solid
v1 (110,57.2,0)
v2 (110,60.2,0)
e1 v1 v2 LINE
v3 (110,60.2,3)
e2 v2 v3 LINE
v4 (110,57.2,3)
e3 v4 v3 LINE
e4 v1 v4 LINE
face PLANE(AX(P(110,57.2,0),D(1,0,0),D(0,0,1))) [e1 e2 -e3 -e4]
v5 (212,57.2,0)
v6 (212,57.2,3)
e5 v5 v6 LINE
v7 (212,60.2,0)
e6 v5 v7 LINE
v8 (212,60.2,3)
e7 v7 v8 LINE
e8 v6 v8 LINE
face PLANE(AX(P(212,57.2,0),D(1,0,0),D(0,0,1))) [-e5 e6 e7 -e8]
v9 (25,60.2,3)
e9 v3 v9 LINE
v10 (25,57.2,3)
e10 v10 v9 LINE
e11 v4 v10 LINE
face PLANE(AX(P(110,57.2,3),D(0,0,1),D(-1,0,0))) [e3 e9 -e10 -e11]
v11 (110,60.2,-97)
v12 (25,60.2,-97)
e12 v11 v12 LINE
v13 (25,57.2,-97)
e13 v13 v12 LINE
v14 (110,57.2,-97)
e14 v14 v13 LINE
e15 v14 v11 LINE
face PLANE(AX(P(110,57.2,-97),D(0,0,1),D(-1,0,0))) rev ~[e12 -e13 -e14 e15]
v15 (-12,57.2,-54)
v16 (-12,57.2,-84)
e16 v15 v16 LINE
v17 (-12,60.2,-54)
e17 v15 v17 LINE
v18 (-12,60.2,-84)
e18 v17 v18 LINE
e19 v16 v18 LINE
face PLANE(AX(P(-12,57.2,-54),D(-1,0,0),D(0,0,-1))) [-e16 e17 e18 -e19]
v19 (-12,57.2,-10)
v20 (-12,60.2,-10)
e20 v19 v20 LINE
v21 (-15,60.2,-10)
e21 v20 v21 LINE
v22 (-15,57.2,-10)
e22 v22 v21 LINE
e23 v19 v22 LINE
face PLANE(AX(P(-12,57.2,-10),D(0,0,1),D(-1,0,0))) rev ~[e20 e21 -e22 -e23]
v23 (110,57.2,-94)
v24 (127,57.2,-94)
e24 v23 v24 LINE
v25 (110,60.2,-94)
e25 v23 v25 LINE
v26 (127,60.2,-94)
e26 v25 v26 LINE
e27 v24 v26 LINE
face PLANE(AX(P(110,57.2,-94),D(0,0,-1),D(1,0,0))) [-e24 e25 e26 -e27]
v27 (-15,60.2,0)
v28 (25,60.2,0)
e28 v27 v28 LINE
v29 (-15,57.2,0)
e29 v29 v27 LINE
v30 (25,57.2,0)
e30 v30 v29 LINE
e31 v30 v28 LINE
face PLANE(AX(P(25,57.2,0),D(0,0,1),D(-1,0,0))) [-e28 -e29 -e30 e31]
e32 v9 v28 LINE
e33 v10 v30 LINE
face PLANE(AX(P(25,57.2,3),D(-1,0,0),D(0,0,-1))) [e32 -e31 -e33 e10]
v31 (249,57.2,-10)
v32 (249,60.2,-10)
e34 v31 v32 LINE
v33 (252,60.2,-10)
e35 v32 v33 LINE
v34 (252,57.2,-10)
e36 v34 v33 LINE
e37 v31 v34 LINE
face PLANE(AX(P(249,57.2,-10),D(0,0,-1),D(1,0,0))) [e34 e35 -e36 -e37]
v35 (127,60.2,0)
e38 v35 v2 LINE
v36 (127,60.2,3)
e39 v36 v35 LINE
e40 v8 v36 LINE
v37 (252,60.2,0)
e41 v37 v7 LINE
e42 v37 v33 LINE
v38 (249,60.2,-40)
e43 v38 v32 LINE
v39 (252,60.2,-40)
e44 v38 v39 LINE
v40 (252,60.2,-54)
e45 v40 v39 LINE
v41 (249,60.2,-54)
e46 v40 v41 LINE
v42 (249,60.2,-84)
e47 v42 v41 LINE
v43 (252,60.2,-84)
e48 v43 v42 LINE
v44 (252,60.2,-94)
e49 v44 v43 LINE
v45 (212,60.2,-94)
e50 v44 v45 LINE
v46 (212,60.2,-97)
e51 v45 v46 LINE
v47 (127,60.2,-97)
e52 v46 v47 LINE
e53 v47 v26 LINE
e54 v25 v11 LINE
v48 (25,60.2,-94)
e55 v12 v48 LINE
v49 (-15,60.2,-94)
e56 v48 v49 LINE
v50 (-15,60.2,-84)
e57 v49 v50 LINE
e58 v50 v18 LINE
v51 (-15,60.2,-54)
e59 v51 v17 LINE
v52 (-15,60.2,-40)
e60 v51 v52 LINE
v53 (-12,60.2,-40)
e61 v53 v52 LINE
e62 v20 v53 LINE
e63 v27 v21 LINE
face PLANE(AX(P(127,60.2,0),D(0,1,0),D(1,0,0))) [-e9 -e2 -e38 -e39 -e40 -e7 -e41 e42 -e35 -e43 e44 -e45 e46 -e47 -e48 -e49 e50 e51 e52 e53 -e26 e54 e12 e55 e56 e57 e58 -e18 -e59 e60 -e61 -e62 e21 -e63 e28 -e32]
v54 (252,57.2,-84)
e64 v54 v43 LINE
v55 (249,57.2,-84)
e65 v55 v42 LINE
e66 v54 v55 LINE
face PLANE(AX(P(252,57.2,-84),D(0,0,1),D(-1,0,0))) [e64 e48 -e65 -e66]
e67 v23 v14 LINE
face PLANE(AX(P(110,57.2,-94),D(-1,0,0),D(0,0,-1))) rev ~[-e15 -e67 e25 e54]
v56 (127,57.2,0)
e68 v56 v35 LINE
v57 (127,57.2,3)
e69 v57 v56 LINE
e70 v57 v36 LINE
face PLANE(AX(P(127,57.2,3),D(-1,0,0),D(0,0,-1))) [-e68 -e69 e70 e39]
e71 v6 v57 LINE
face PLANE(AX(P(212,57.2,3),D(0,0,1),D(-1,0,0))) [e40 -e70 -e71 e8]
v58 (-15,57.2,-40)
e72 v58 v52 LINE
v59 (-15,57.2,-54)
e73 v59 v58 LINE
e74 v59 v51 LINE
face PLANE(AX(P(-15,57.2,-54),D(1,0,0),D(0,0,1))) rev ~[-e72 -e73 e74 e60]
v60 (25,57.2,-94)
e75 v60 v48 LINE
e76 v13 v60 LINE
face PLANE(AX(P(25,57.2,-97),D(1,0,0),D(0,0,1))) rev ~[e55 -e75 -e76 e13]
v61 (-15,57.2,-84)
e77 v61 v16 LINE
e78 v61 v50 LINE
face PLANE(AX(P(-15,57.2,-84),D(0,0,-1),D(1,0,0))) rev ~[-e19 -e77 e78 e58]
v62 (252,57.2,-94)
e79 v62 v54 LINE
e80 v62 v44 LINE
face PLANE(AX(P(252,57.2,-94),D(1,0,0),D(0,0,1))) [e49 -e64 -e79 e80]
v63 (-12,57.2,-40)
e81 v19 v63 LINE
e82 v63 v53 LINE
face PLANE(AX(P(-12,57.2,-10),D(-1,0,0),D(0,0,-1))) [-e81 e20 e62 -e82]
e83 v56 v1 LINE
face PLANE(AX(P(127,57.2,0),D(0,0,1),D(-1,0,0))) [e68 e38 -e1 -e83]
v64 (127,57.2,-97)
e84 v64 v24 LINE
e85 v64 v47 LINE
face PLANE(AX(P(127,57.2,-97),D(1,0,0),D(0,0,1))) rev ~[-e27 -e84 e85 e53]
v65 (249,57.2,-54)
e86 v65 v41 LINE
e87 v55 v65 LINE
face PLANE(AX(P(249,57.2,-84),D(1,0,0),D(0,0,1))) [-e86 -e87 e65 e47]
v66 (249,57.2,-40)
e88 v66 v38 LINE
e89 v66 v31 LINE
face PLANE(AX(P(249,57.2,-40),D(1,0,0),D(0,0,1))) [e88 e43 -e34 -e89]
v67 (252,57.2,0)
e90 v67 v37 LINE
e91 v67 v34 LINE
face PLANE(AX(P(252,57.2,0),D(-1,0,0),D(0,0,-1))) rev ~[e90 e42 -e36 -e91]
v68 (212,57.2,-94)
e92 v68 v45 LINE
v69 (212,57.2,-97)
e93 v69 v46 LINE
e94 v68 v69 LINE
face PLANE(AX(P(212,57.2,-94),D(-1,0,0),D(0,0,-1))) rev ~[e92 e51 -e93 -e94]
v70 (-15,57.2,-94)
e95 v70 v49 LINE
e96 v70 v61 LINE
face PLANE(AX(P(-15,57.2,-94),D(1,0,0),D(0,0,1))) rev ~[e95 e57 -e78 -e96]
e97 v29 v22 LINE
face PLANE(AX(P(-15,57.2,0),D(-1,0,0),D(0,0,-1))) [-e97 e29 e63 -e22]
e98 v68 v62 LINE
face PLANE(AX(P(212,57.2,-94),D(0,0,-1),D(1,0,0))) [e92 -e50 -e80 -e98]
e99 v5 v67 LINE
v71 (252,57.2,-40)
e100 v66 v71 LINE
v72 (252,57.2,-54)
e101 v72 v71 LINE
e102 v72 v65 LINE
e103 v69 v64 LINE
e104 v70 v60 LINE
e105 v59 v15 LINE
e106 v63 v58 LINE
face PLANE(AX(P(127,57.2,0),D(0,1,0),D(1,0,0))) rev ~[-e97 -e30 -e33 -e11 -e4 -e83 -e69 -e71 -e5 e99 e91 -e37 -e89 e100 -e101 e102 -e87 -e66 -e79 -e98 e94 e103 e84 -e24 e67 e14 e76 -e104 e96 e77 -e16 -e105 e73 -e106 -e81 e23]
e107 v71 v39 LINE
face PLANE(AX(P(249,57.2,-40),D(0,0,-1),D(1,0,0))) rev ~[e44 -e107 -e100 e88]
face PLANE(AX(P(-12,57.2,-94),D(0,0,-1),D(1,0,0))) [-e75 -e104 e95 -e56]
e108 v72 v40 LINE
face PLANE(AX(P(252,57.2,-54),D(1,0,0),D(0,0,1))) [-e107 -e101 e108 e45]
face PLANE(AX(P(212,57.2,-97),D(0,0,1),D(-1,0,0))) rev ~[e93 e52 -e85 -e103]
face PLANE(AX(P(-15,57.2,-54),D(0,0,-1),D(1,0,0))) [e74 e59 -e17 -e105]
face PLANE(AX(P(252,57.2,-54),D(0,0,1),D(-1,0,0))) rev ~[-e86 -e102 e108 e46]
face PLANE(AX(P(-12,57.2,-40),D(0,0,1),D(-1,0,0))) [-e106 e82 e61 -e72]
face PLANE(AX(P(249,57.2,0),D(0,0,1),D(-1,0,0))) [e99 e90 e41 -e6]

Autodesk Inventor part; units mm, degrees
ref_plane "YZ Plane" through (0, 0, 0) normal (1, 0, 0) x (0, 1, 0)
ref_plane "XZ Plane" through (0, 0, 0) normal (0, 1, 0) x (-1, 0, 0)
ref_plane "Work Plane1" through (127, 57.2, 0) normal (0, 1, 0) x (1, 0, 0)
sketch "Sketch3" plane through (127, 57.2, 0) normal (0, 1, 0) x (1, 0, 0)
  line L0 (0, 0) -> (85, 0) construction
  line L1 (0, 0) -> (0, -3) construction
  line L2 (85, -3) -> (0, -3) construction
  line L3 (85, 0) -> (85, -3) construction
  line L4 (-102, 0) -> (-17, 0) construction
  line L5 (-102, 0) -> (-102, -3) construction
  line L6 (-17, -3) -> (-102, -3) construction
  line L7 (-17, 0) -> (-17, -3) construction
  line L8 (122, 10) -> (125, 10) construction
  line L9 (122, 10) -> (122, 0) construction
  line L10 (125, 0) -> (122, 0) construction
  line L11 (125, 10) -> (125, 0) construction
  line L12 (122, 40) -> (125, 40) construction
  line L13 (125, 54) -> (125, 40) construction
  line L14 (122, 54) -> (125, 54) construction
  line L15 (122, 54) -> (122, 40) construction
  line L16 (122, 84) -> (125, 84) construction
  line L17 (125, 94) -> (125, 84) construction
  line L18 (122, 94) -> (125, 94) construction
  line L19 (122, 94) -> (122, 84) construction
  line L20 (122, 0) -> (-139, 0)
  line L21 (-139, 0) -> (-139, 94)
  line L22 (-139, 94) -> (122, 94)
  line L23 (122, 94) -> (122, 0)
  line L24 (-102, 0) -> (-142, 0) projected
  line L25 (-17, -3) -> (-102, -3)
  line L26 (-102, -3) -> (-102, 0)
  line L27 (-102, 0) -> (-17, 0)
  line L28 (-17, 0) -> (-17, -3)
  line L29 (85, -3) -> (0, -3)
  line L30 (0, -3) -> (0, 0)
  line L31 (0, 0) -> (85, 0)
  line L32 (85, 0) -> (85, -3)
  line L33 (122, 10) -> (125, 10) projected
  line L34 (122, 0) -> (125, 0)
  line L35 (125, 0) -> (125, 10)
  line L36 (125, 10) -> (122, 10)
  line L37 (122, 10) -> (122, 0)
  line L38 (125, 54) -> (125, 40) projected
  line L39 (122, 40) -> (125, 40)
  line L40 (125, 40) -> (125, 54)
  line L41 (125, 54) -> (122, 54)
  line L42 (122, 54) -> (122, 40)
  line L43 (122, 94) -> (125, 94)
  line L44 (125, 94) -> (125, 84)
  line L45 (125, 84) -> (122, 84)
  line L46 (122, 84) -> (122, 94)
  line L47 (-139, 47) -> (122, 47) construction
  line L48 (-8.5, 94) -> (-8.5, 0) construction
  line L49 (-139, 10) -> (-142, 10) construction
  line L50 (-139, 10) -> (-139, 0) construction
  line L51 (-142, 0) -> (-139, 0) construction
  line L52 (-142, 10) -> (-142, 0) construction
  line L53 (-139, 40) -> (-142, 40) construction
  line L54 (-142, 54) -> (-142, 40) construction
  line L55 (-139, 54) -> (-142, 54) construction
  line L56 (-139, 54) -> (-139, 40) construction
  line L57 (-139, 84) -> (-142, 84) construction
  line L58 (-142, 94) -> (-142, 84) construction
  line L59 (-139, 94) -> (-142, 94) construction
  line L60 (-139, 94) -> (-139, 84) construction
  line L61 (-139, 94) -> (-139, 0)
  line L62 (-139, 10) -> (-142, 10)
  line L63 (-139, 0) -> (-142, 0)
  line L64 (-142, 0) -> (-142, 10)
  line L65 (-142, 10) -> (-139, 10)
  line L66 (-139, 10) -> (-139, 0)
  line L67 (-142, 54) -> (-142, 40)
  line L68 (-139, 40) -> (-142, 40)
  line L69 (-142, 40) -> (-142, 54)
  line L70 (-142, 54) -> (-139, 54)
  line L71 (-139, 54) -> (-139, 40)
  line L72 (-139, 94) -> (-142, 94)
  line L73 (-142, 94) -> (-142, 84)
  line L74 (-142, 84) -> (-139, 84)
  line L75 (-139, 84) -> (-139, 94)
  line L76 (0, 94) -> (85, 94) construction
  line L77 (0, 94) -> (0, 97) construction
  line L78 (85, 97) -> (0, 97) construction
  line L79 (85, 94) -> (85, 97) construction
  line L80 (-102, 94) -> (-17, 94) construction
  line L81 (-102, 94) -> (-102, 97) construction
  line L82 (-17, 97) -> (-102, 97) construction
  line L83 (-17, 94) -> (-17, 97) construction
  line L84 (-17, 97) -> (-102, 97)
  line L85 (-102, 97) -> (-102, 94)
  line L86 (-102, 94) -> (-17, 94)
  line L87 (-17, 94) -> (-17, 97)
  line L88 (85, 97) -> (0, 97)
  line L89 (0, 97) -> (0, 94)
  line L90 (0, 94) -> (85, 94)
  line L91 (85, 94) -> (85, 97)
  point P0 (-127, 0)
  dimension "d55" = 261
  dimension "d56" = 94
extrude "Extrusion4" add sketch "Sketch3" along normal blind 3
properties part number "case_roof"
